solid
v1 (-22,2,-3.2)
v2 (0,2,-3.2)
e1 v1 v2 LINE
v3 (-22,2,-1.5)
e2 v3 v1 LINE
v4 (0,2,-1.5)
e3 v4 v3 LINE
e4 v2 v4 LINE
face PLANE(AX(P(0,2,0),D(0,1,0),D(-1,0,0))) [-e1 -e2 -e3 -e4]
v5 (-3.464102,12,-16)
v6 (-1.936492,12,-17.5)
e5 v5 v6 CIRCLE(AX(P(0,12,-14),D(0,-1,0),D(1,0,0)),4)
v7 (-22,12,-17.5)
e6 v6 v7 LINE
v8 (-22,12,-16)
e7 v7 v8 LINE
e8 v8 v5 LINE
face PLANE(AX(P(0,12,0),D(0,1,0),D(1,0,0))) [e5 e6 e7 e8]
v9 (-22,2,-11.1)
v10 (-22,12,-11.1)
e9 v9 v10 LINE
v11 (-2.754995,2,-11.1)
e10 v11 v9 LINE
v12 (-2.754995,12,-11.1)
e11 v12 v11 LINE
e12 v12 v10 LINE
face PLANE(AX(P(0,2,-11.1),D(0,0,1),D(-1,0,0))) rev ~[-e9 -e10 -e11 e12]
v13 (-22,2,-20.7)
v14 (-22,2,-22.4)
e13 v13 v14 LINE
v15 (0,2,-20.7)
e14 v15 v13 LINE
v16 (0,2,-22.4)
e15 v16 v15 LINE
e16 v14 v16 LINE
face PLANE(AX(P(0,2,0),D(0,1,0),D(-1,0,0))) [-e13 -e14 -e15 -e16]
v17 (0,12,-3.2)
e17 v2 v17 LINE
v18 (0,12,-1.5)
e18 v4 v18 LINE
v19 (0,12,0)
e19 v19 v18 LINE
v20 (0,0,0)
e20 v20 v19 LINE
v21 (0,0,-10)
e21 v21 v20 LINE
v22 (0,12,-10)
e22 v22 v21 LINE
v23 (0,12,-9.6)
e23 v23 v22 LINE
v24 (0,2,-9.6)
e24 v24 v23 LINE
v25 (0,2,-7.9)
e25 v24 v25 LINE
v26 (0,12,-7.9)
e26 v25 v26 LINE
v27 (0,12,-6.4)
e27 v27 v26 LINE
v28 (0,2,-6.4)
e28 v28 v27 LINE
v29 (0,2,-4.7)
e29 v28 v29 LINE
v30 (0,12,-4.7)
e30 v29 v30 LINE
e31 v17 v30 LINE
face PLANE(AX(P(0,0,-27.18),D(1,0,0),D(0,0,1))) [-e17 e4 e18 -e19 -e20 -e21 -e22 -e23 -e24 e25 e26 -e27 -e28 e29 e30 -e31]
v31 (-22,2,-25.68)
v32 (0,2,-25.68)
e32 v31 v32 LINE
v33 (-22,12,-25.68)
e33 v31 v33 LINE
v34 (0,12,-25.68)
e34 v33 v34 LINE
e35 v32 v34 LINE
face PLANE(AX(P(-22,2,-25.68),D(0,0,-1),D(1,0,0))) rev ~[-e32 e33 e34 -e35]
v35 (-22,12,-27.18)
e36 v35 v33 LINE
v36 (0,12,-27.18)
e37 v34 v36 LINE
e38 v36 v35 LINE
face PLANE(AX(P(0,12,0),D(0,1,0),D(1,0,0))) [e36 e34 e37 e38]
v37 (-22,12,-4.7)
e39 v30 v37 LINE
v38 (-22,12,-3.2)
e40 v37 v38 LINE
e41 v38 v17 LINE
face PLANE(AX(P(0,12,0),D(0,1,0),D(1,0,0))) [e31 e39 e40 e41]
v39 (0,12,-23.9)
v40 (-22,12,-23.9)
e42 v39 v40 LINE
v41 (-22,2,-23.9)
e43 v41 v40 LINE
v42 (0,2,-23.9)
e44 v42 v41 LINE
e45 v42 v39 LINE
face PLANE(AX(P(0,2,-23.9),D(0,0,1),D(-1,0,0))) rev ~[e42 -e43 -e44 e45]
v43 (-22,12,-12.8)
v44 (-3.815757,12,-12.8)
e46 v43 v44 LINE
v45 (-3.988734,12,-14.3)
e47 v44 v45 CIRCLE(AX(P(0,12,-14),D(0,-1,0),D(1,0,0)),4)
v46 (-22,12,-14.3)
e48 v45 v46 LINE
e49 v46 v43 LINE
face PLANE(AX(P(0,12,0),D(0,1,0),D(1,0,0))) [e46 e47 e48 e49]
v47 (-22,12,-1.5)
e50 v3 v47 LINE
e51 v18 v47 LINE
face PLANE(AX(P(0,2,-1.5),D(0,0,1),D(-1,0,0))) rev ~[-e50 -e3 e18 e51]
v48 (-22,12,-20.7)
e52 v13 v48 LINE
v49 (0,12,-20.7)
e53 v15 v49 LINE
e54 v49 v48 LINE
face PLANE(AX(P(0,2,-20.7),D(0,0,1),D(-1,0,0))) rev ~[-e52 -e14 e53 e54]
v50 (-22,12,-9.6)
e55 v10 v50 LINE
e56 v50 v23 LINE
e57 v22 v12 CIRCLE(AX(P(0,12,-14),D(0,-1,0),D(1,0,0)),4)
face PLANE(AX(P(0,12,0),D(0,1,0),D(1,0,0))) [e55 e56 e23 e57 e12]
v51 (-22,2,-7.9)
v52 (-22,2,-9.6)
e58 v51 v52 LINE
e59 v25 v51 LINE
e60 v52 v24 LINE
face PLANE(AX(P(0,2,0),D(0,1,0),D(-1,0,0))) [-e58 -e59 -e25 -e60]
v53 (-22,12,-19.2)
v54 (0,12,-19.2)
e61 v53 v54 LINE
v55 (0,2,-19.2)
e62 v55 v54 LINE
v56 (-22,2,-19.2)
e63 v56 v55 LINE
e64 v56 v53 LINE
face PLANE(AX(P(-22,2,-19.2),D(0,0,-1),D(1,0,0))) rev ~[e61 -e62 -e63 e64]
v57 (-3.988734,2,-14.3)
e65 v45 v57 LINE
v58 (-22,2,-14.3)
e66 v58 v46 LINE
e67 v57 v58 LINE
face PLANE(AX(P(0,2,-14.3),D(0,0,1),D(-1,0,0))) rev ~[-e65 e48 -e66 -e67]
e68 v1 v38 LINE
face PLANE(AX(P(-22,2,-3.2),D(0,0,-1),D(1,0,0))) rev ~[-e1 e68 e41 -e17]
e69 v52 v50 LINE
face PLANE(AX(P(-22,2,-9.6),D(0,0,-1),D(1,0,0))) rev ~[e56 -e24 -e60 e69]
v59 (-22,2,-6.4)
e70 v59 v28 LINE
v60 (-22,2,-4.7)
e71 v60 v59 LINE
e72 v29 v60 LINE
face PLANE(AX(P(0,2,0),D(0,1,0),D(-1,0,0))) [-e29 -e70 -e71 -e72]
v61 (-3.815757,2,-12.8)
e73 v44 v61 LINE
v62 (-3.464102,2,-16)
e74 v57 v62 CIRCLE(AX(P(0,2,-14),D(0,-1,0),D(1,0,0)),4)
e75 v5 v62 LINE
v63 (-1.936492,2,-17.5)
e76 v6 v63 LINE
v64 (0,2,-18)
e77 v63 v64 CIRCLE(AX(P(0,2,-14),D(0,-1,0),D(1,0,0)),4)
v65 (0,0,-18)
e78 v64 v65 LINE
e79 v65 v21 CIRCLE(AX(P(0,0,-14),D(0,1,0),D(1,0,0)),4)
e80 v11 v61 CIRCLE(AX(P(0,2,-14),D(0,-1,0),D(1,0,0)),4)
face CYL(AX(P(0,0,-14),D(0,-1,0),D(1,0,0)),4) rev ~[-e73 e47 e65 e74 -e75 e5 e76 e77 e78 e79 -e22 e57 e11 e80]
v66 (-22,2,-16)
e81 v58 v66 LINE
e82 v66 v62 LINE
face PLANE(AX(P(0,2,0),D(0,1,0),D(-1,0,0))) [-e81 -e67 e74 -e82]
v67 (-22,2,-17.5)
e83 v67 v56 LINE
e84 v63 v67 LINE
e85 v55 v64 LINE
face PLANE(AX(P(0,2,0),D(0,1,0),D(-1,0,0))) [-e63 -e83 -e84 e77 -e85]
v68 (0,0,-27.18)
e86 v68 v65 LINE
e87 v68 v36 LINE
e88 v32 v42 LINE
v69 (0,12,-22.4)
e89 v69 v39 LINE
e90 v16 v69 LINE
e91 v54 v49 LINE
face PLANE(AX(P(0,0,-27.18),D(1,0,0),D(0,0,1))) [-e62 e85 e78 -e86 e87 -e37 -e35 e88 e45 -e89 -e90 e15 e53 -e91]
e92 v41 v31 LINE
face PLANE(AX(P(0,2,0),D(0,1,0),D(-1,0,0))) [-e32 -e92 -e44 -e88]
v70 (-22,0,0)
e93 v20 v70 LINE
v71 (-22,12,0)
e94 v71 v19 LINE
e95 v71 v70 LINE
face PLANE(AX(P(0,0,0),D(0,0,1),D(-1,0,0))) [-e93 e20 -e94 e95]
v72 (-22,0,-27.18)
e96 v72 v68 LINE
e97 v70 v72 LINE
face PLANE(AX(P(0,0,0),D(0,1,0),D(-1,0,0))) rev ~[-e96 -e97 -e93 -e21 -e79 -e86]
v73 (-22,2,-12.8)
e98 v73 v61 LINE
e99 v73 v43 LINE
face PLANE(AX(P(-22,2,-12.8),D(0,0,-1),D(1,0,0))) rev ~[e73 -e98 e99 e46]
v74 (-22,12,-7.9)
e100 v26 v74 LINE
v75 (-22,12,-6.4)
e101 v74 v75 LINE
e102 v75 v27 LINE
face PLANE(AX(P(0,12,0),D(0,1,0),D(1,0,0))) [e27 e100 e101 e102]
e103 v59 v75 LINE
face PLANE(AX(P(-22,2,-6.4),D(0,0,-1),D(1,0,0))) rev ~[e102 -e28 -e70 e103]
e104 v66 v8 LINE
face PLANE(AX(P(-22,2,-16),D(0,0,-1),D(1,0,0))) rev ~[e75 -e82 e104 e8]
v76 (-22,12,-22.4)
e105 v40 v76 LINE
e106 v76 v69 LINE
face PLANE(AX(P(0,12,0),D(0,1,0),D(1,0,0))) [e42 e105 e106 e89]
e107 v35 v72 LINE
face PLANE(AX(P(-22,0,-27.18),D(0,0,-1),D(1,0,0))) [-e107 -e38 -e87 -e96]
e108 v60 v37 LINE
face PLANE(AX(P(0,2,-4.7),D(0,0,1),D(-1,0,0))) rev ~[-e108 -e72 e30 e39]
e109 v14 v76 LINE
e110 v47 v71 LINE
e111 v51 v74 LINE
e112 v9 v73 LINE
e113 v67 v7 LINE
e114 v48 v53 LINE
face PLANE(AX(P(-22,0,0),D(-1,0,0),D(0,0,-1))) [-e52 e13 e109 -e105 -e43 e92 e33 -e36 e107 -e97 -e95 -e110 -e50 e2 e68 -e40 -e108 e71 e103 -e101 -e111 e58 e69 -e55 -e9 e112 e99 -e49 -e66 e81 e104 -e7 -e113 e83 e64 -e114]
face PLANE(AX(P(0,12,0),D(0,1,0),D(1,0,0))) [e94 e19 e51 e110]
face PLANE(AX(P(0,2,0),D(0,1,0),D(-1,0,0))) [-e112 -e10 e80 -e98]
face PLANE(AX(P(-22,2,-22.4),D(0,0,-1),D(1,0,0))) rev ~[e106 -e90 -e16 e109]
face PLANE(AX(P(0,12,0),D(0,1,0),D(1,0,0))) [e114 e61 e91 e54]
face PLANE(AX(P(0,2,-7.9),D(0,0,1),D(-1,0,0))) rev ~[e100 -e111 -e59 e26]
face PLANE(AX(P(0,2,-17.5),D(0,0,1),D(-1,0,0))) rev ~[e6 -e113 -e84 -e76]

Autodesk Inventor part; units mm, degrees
ref_plane "YZ Plane" through (0, 0, 0) normal (1, 0, 0) x (0, 1, 0)
ref_plane "XZ Plane" through (0, 0, 0) normal (0, 1, 0) x (-1, 0, 0)
ref_plane "XY Plane" through (0, 0, 0) normal (0, 0, 1) x (1, 0, 0)
sketch "Sketch2" plane through (0, 0, 0) normal (0, 1, 0) x (-1, 0, 0)
  line L0 (0, 0) -> (22, 0)
  line L1 (22, 0) -> (22, -27.18)
  line L2 (22, -27.18) -> (0, -27.18)
  line L3 (0, -27.18) -> (0, 0)
  dimension "d0" = 27.18
  dimension "d1" = 22
extrude "Extrusion1" add sketch "Sketch2" along normal blind 2
sketch "Sketch3" plane through (0, 2, 0) normal (0, 1, 0) x (1, 0, 0)
  line L0 (-22, 0) -> (0, 0) projected
  line L1 (0, 0) -> (0, 27.18) projected
  line L2 (0, 27.18) -> (-22, 27.18) projected
  line L3 (-22, 27.18) -> (-22, 0) projected
  line L4 (-22, 0) -> (0, 0) projected
  line L5 (0, 0) -> (0, 27.18) projected
  line L6 (-22, 0) -> (0, 0)
  line L7 (0, 0) -> (0, 1.5)
  line L8 (0, 1.5) -> (-22, 1.5)
  line L9 (-22, 1.5) -> (-22, 0)
  line L10 (-22, 3.2) -> (0, 3.2)
  line L11 (0, 3.2) -> (0, 4.7)
  line L12 (0, 4.7) -> (-22, 4.7)
  line L13 (-22, 4.7) -> (-22, 3.2)
  line L14 (-22, 6.4) -> (0, 6.4)
  line L15 (0, 6.4) -> (0, 7.9)
  line L16 (0, 7.9) -> (-22, 7.9)
  line L17 (-22, 7.9) -> (-22, 6.4)
  line L18 (-22, 9.6) -> (0, 9.6)
  line L19 (0, 9.6) -> (0, 11.1)
  line L20 (0, 11.1) -> (-22, 11.1)
  line L21 (-22, 11.1) -> (-22, 9.6)
  line L22 (-22, 12.8) -> (0, 12.8)
  line L23 (0, 12.8) -> (0, 14.3)
  line L24 (0, 14.3) -> (-22, 14.3)
  line L25 (-22, 14.3) -> (-22, 12.8)
  line L26 (-22, 16) -> (0, 16)
  line L27 (0, 16) -> (0, 17.5)
  line L28 (0, 17.5) -> (-22, 17.5)
  line L29 (-22, 17.5) -> (-22, 16)
  line L30 (-22, 19.2) -> (0, 19.2)
  line L31 (0, 19.2) -> (0, 20.7)
  line L32 (0, 20.7) -> (-22, 20.7)
  line L33 (-22, 20.7) -> (-22, 19.2)
  line L34 (-22, 22.4) -> (0, 22.4)
  line L35 (0, 22.4) -> (0, 23.9)
  line L36 (0, 23.9) -> (-22, 23.9)
  line L37 (-22, 23.9) -> (-22, 22.4)
  line L38 (-22, 27.18) -> (-22, 0) projected
  line L39 (0, 27.18) -> (-22, 27.18)
  line L40 (-22, 27.18) -> (-22, 25.68)
  line L41 (-22, 25.68) -> (0, 25.68)
  line L42 (0, 25.68) -> (0, 27.18)
  dimension "d4" = 1.5
  dimension "d7" = 3.2
  dimension "d12" = 1.5
extrude "Extrusion2" add sketch "Sketch3" along normal blind 10 contours L3 L8 L1 L0 | L3 L12 L1 L10 | L3 L16 L1 L14 | L3 L20 L1 L18 | L3 L24 L1 L22 | L3 L28 L1 L26 | L3 L32 L1 L30 | L3 L36 L1 L34 | L3 L2 L1 L41
sketch "Sketch4" plane through (0, 0, 0) normal (0, -1, 0) x (1, 0, 0)
  circle A0 centre (0, -14) radius 4
  line L0 (0, -27.18) -> (0, 0)
  dimension "d15" = 8
  dimension "d16" = 14
extrude "Extrusion3" cut sketch "Sketch4" against normal through all
properties part number "Heatsink" material "Aluminum 6061"
